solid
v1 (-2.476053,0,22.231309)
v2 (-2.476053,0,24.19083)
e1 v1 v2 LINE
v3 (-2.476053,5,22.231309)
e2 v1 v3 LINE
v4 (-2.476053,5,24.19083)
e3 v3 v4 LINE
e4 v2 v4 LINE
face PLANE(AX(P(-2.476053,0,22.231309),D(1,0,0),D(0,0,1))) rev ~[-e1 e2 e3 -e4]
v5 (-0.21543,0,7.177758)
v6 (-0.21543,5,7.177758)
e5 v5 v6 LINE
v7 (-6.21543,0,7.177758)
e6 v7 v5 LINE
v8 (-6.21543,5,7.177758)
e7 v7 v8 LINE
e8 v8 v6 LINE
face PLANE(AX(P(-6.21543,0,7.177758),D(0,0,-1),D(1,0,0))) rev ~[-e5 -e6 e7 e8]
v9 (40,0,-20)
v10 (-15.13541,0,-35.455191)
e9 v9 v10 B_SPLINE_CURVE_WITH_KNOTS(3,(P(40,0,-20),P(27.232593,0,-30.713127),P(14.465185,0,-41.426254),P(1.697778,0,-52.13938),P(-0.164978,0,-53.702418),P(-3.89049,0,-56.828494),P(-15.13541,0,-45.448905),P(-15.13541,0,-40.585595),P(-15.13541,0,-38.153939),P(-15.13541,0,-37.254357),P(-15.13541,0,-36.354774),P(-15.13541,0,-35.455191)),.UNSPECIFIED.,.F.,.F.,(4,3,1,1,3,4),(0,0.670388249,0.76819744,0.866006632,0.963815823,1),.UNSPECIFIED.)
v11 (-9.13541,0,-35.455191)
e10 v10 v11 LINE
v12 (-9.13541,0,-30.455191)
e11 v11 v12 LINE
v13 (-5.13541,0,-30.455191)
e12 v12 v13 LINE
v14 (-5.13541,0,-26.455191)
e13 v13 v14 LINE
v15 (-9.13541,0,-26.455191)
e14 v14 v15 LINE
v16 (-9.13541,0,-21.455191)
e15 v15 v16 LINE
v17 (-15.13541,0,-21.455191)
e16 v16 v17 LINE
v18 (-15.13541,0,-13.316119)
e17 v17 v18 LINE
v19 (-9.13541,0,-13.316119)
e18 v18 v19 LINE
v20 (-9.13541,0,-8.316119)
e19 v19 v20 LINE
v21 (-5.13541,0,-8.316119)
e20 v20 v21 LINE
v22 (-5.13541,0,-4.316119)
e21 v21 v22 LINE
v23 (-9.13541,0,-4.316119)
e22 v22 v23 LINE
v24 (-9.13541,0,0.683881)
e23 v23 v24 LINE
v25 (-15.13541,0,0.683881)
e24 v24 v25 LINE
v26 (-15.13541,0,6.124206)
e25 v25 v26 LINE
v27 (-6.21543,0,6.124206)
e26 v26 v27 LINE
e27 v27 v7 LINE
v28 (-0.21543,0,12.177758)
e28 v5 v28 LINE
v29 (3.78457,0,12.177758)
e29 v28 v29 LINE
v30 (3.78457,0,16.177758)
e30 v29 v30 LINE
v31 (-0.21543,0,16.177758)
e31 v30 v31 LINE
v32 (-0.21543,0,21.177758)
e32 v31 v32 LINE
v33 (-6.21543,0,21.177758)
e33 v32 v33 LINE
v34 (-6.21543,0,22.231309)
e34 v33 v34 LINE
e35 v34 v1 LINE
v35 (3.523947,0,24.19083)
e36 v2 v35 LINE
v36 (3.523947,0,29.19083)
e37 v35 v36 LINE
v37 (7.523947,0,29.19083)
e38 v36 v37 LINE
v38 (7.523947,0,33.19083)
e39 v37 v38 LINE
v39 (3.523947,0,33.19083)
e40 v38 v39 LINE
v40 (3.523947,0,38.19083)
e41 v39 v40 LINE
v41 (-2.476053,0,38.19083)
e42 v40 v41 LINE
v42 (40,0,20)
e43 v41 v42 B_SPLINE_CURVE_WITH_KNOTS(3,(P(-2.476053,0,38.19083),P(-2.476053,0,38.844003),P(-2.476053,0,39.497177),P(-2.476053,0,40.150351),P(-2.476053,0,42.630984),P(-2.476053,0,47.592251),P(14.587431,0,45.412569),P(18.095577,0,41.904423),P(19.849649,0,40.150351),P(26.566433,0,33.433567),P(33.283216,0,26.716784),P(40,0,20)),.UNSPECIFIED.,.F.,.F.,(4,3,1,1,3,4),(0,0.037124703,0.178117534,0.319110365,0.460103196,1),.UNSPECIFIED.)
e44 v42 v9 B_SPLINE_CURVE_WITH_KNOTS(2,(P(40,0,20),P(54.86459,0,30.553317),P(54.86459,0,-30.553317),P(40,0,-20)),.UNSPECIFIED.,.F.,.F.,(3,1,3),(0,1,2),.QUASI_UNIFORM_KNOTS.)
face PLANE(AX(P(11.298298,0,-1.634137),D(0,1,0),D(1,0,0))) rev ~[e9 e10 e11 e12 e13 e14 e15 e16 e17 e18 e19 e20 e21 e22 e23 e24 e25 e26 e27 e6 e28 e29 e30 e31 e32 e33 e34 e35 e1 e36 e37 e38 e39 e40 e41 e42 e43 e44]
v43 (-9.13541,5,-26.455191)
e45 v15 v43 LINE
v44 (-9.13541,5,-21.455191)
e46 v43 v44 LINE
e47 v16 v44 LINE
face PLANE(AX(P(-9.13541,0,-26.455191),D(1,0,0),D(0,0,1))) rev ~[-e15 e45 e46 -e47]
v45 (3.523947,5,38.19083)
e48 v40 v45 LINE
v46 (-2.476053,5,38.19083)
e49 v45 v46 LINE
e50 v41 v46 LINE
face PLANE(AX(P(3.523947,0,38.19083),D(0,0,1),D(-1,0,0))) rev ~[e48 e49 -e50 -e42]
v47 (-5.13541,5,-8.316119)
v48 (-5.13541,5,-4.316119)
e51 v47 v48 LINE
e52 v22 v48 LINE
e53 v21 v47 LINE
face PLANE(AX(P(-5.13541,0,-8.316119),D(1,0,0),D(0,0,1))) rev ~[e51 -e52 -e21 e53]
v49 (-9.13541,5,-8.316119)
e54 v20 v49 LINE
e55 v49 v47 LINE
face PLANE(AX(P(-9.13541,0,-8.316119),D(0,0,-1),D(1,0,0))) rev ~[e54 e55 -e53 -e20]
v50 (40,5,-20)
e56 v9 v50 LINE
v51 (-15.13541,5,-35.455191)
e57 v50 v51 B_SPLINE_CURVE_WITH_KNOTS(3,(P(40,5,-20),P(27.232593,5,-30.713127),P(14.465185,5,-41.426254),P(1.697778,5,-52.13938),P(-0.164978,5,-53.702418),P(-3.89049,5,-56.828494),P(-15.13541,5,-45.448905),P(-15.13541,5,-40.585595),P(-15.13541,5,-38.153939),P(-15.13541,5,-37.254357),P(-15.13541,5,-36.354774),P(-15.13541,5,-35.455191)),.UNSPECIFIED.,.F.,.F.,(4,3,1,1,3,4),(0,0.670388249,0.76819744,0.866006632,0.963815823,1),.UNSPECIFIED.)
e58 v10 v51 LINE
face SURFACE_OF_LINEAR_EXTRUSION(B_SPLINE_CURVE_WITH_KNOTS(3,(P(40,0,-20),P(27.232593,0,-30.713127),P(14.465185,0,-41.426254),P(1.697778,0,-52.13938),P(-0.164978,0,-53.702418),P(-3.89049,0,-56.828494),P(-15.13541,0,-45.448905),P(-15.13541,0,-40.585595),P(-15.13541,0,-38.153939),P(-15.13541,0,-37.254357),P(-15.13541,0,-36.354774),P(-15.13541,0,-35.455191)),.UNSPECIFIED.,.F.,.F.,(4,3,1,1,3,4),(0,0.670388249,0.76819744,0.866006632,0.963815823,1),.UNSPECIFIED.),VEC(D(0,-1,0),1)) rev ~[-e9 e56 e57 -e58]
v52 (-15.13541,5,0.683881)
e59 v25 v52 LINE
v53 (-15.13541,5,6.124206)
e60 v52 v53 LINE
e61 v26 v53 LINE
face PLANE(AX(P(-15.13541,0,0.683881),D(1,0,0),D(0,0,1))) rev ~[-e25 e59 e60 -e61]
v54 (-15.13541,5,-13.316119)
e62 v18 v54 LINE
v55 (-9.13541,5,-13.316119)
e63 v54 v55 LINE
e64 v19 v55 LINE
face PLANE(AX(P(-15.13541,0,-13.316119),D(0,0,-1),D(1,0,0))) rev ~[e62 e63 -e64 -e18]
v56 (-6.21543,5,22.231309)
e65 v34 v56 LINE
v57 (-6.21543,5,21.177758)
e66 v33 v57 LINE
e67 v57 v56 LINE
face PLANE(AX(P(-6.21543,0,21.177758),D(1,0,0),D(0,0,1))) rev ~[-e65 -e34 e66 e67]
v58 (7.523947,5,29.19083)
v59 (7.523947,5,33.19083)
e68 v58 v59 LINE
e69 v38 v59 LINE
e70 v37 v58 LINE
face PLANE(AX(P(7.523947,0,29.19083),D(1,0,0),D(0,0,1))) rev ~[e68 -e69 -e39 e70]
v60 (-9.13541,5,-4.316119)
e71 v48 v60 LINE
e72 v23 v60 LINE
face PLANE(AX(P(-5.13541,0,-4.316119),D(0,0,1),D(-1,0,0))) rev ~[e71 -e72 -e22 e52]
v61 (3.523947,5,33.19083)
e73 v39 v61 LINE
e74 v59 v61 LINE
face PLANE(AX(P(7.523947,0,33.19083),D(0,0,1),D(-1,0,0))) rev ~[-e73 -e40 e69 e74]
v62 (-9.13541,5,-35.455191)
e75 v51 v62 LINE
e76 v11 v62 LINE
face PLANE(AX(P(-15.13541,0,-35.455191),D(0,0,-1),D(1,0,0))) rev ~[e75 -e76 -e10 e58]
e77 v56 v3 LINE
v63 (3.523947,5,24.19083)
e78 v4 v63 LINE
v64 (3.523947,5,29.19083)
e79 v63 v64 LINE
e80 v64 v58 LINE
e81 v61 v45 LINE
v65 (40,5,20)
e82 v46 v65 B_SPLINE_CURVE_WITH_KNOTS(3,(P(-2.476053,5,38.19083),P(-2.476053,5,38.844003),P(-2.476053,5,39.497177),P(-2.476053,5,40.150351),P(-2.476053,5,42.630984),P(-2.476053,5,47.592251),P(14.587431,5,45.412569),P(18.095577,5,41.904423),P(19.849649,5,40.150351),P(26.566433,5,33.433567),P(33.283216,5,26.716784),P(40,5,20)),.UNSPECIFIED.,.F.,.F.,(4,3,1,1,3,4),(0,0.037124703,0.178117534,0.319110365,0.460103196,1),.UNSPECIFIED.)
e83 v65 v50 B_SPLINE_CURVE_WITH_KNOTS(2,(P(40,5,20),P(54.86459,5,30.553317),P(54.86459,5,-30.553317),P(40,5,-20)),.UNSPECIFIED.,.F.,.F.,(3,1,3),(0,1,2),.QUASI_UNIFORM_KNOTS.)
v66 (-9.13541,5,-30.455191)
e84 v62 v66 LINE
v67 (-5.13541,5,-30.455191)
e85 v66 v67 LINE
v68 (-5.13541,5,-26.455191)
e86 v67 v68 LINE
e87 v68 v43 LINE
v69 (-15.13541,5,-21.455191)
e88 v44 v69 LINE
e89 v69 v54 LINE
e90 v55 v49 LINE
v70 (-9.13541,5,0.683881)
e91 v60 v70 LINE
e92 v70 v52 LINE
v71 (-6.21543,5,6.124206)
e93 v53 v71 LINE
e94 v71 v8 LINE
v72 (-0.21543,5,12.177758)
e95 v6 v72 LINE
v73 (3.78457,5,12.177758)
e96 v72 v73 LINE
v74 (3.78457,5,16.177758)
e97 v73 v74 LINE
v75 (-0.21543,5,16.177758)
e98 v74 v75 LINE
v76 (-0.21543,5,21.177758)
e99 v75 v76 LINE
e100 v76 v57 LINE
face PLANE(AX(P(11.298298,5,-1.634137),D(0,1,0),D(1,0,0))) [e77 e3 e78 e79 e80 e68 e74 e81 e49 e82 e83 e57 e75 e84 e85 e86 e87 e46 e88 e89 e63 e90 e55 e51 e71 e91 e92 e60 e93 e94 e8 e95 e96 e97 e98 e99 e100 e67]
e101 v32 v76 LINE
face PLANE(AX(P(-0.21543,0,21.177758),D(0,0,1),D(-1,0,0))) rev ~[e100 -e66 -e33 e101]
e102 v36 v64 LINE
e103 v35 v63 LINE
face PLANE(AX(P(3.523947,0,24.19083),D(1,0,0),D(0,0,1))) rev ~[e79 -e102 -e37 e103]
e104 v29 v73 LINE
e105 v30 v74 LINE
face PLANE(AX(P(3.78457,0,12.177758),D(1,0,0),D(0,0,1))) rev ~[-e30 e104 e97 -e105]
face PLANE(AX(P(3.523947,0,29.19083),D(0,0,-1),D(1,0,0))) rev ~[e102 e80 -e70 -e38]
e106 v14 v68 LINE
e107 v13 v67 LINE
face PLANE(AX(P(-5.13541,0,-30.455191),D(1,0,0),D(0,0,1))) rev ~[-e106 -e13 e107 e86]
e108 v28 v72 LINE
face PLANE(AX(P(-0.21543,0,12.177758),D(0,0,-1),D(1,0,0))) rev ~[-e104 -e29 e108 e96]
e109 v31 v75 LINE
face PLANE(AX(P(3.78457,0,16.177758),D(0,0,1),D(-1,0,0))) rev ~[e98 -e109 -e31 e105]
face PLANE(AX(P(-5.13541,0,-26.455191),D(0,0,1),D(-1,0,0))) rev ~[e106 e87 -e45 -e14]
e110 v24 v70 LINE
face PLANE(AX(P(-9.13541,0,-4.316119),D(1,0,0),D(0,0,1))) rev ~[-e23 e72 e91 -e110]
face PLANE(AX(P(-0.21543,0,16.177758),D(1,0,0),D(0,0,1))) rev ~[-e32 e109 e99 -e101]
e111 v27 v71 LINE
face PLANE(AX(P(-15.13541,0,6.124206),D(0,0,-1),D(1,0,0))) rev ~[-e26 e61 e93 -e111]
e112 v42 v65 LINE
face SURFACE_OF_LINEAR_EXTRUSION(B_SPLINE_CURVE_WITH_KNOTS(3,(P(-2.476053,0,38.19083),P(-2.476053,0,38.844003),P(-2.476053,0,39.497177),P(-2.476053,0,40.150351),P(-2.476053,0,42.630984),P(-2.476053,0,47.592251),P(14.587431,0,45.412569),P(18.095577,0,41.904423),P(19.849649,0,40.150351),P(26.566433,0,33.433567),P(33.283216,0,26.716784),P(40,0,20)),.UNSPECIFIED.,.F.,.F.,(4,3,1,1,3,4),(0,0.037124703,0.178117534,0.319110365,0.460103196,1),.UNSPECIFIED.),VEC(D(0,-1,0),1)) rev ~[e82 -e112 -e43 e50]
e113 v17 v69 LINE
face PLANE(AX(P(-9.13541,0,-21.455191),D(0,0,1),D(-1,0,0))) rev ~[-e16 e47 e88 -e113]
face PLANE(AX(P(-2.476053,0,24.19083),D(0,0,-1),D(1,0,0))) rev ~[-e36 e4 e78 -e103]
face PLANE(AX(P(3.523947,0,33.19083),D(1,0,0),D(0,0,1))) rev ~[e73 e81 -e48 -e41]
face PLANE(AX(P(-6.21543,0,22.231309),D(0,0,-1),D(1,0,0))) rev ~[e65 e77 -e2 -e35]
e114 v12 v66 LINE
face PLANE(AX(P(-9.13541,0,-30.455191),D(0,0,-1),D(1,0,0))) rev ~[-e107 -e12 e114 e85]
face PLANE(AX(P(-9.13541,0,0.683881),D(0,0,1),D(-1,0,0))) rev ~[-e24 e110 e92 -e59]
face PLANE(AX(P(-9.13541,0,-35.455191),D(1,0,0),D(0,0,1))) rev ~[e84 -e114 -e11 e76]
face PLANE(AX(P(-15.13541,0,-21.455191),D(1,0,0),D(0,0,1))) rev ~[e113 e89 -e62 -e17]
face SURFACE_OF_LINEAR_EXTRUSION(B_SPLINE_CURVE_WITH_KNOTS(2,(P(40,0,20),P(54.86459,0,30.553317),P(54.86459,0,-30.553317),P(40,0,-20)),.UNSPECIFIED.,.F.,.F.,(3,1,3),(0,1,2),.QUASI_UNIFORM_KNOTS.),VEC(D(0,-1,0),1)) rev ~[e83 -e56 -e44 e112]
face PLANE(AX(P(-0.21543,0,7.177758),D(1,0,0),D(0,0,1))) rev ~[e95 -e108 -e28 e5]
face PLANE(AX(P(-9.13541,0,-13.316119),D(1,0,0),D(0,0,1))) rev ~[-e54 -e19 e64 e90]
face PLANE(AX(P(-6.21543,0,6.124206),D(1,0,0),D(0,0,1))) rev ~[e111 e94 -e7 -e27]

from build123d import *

# Parameters (mm, degrees)
BOSS_EXTRUDE1_DEPTH = 5


with BuildPart() as part:
    # Sketch1 → Boss-Extrude1 (new body)
    with BuildSketch(Plane(origin=(0, 0, 0), x_dir=(1, 0, 0), z_dir=(0, 1, 0))):
        with BuildLine():
            Line((-0.215430266, -7.177757881), (-0.215430266, -12.177757881))
            Line((-0.215430266, -12.177757881), (3.784569734, -12.177757881))
            Line((3.784569734, -12.177757881), (3.784569734, -16.177757881))
            Line((3.784569734, -16.177757881), (-0.215430266, -16.177757881))
            Line((-0.215430266, -16.177757881), (-0.215430266, -21.177757881))
            Line((-0.215430266, -21.177757881), (-6.215430266, -21.177757881))
            Line((-6.215430266, -21.177757881), (-6.215430266, -22.231309316))
            Line((-6.215430266, -22.231309316), (-2.476053015, -22.231309316))
            Line((-2.476053015, -22.231309316), (-2.476053015, -24.19082993))
            Line((-2.476053015, -24.19082993), (3.523946985, -24.19082993))
            Line((3.523946985, -24.19082993), (3.523946985, -29.19082993))
            Line((3.523946985, -29.19082993), (7.523946985, -29.19082993))
            Line((7.523946985, -29.19082993), (7.523946985, -33.19082993))
            Line((7.523946985, -33.19082993), (3.523946985, -33.19082993))
            Line((3.523946985, -33.19082993), (3.523946985, -38.19082993))
            Line((3.523946985, -38.19082993), (-2.476053015, -38.19082993))
            add(Edge.make_bspline(
                [(-2.476053015, -38.19082993), (-2.476053015, -38.844003468), (-2.476053015, -39.497177007), (-2.476053015, -40.150350545), (-2.476053015, -42.630984152), (-2.476053015, -47.592251368), (14.587430918, -45.412569082), (18.09557661, -41.90442339), (19.849649455, -40.150350545), (26.56643297, -33.43356703), (33.283216485, -26.716783515), (40, -20)],
                knots=[0, 0, 0, 0, 0.037124703, 0.037124703, 0.037124703, 0.178117534, 0.319110365, 0.460103196, 0.460103196, 0.460103196, 1, 1, 1, 1], degree=3))
            add(Edge.make_bspline(
                [(54.864590085, 0), (54.864590085, -30.55331743), (40, -20)],
                knots=[0, 0, 0, 1, 1, 1], degree=2))
            add(Edge.make_bspline(
                [(54.864590085, 0), (54.864590085, 30.55331743), (40, 20)],
                knots=[0, 0, 0, 1, 1, 1], degree=2))
            add(Edge.make_bspline(
                [(40, 20), (27.232592615, 30.713126828), (14.465185229, 41.426253656), (1.697777844, 52.139380484), (-0.164978248, 53.702418434), (-3.890490433, 56.828494334), (-15.135409915, 45.448905299), (-15.135409915, 40.585594537), (-15.135409915, 38.153939156), (-15.135409915, 37.254356542), (-15.135409915, 36.354773928), (-15.135409915, 35.455191313)],
                knots=[0, 0, 0, 0, 0.670388249, 0.670388249, 0.670388249, 0.76819744, 0.866006632, 0.963815823, 0.963815823, 0.963815823, 1, 1, 1, 1], degree=3))
            Line((-15.135409915, 35.455191313), (-9.135409915, 35.455191313))
            Line((-9.135409915, 35.455191313), (-9.135409915, 30.455191313))
            Line((-9.135409915, 30.455191313), (-5.135409915, 30.455191313))
            Line((-5.135409915, 30.455191313), (-5.135409915, 26.455191313))
            Line((-5.135409915, 26.455191313), (-9.135409915, 26.455191313))
            Line((-9.135409915, 26.455191313), (-9.135409915, 21.455191313))
            Line((-9.135409915, 21.455191313), (-15.135409915, 21.455191313))
            Line((-15.135409915, 21.455191313), (-15.135409915, 18.75644347))
            Line((-15.135409915, 18.75644347), (-15.135409915, 13.316118512))
            Line((-15.135409915, 13.316118512), (-9.135409915, 13.316118512))
            Line((-9.135409915, 13.316118512), (-9.135409915, 8.316118512))
            Line((-9.135409915, 8.316118512), (-5.135409915, 8.316118512))
            Line((-5.135409915, 8.316118512), (-5.135409915, 4.316118512))
            Line((-5.135409915, 4.316118512), (-9.135409915, 4.316118512))
            Line((-9.135409915, 4.316118512), (-9.135409915, -0.683881488))
            Line((-9.135409915, -0.683881488), (-15.135409915, -0.683881488))
            Line((-15.135409915, -0.683881488), (-15.135409915, -6.124206447))
            Line((-15.135409915, -6.124206447), (-6.215430266, -6.124206447))
            Line((-6.215430266, -6.124206447), (-6.215430266, -7.177757881))
            Line((-6.215430266, -7.177757881), (-0.215430266, -7.177757881))
        make_face()
    extrude(amount=BOSS_EXTRUDE1_DEPTH)


solid = part.part
